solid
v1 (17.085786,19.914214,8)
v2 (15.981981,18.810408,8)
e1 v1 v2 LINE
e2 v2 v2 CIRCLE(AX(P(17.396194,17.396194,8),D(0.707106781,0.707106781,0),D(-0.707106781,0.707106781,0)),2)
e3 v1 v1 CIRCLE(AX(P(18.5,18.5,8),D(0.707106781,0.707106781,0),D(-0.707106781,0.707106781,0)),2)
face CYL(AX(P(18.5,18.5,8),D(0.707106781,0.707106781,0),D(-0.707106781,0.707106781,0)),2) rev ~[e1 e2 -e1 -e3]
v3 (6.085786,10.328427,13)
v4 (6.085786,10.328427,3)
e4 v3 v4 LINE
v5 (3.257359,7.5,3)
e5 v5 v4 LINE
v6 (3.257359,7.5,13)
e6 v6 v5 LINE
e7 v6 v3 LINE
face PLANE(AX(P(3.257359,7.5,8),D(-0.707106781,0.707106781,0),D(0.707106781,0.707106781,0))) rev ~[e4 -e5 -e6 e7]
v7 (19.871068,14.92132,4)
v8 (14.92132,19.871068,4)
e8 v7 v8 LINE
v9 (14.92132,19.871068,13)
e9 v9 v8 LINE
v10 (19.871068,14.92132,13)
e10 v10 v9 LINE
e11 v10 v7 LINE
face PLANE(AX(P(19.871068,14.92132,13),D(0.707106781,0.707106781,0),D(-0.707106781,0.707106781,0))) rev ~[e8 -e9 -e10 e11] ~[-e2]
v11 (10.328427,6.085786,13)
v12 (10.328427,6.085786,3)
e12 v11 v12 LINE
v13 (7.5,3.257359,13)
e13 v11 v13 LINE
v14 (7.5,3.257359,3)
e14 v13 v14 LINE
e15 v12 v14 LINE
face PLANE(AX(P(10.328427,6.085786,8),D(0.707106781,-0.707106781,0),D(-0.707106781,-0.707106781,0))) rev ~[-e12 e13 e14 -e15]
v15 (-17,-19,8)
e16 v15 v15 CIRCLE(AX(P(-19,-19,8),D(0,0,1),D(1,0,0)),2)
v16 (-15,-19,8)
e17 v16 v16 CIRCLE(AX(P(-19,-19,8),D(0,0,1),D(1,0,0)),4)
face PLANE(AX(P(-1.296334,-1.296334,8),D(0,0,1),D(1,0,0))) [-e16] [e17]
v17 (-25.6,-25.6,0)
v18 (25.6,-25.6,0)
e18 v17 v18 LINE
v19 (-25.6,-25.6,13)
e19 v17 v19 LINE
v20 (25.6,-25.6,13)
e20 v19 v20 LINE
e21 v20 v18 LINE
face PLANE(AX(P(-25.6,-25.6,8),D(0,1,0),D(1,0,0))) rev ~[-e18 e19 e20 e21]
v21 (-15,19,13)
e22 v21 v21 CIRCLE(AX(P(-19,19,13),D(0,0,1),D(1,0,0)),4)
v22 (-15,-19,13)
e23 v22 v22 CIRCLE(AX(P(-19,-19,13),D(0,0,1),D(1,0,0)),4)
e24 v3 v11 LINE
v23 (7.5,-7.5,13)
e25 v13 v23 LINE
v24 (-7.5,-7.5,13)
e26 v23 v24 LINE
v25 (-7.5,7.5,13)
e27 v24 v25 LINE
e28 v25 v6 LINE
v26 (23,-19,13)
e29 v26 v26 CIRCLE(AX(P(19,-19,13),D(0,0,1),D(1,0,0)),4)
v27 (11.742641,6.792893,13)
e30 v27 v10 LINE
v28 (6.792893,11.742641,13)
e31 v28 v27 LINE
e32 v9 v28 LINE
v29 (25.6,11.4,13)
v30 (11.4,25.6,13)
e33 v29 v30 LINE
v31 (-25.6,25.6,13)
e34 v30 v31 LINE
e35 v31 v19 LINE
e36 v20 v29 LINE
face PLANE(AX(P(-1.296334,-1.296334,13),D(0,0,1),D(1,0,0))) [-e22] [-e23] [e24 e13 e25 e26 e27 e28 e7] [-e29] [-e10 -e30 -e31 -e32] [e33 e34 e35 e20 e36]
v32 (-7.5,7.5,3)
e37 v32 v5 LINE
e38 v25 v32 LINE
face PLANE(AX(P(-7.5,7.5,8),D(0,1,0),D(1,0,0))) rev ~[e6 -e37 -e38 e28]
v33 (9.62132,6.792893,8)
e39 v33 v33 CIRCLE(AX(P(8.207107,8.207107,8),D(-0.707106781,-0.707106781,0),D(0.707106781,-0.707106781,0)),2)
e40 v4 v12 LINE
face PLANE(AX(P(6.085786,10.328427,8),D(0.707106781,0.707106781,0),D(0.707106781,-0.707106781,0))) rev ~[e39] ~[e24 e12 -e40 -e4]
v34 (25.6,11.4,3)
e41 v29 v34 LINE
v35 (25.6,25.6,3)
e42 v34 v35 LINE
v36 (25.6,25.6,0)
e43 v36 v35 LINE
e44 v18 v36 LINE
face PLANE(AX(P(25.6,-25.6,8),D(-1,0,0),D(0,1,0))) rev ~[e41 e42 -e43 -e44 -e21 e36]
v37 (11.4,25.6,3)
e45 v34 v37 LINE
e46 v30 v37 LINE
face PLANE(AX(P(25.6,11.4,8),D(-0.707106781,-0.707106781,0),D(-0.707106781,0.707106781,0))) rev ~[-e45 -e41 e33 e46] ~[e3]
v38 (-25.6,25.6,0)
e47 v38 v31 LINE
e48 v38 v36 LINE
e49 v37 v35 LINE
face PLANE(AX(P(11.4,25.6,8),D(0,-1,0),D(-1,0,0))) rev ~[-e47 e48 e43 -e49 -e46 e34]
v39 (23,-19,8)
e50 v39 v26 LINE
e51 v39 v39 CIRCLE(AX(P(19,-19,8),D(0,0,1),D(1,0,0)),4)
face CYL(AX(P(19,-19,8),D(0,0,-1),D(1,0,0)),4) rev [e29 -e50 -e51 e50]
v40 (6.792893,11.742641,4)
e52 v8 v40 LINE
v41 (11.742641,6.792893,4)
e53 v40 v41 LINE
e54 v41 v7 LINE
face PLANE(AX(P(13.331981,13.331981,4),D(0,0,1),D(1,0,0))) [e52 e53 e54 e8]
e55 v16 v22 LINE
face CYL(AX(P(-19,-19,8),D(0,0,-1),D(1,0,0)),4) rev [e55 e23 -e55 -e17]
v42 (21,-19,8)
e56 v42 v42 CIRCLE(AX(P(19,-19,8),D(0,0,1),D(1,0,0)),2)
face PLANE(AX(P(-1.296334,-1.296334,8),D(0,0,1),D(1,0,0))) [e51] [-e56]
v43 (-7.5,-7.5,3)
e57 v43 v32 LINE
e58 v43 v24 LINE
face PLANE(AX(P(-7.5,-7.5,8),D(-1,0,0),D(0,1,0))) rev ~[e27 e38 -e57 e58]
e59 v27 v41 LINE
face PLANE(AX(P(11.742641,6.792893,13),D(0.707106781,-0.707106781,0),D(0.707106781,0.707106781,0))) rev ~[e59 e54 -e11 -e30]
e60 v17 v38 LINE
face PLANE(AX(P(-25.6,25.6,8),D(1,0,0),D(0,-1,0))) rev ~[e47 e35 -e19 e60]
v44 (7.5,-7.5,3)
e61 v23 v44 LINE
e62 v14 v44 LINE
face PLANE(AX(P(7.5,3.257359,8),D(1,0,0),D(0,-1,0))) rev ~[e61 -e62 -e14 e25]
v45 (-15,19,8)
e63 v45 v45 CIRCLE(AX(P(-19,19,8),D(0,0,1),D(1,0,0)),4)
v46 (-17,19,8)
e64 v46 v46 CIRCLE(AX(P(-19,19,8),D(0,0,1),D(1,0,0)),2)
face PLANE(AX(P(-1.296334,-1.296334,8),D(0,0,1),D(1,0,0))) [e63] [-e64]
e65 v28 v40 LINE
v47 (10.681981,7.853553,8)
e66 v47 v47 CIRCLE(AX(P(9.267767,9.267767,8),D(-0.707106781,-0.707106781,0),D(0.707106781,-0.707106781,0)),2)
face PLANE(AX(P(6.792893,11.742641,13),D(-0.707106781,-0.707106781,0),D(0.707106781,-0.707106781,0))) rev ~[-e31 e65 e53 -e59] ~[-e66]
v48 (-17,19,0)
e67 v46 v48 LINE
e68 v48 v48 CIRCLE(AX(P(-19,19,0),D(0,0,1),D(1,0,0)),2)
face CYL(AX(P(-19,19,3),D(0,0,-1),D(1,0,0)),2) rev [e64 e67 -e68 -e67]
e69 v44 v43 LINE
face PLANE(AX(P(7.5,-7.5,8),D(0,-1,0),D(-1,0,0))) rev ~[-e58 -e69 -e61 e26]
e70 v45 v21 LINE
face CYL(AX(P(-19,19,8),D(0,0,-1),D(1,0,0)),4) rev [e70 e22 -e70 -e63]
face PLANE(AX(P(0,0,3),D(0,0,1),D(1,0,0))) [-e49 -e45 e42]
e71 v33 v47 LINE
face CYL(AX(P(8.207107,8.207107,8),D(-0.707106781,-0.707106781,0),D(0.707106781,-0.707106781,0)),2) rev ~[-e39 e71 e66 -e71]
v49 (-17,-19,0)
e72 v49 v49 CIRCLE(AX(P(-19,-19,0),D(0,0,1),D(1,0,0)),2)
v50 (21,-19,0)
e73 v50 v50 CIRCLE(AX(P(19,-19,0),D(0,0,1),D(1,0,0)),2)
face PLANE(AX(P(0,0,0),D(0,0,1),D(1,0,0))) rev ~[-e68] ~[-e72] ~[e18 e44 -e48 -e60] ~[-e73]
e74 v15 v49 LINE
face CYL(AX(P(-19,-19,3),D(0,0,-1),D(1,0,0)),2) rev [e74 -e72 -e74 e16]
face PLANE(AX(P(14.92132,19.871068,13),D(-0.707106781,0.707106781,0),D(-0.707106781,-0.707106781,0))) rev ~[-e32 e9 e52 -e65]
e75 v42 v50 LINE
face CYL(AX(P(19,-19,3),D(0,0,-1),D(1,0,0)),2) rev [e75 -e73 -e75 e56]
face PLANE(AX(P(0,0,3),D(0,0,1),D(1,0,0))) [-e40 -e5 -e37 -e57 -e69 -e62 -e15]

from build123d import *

# Parameters (mm, degrees)
F0_W      = 51.2
F0_H      = 51.2
F0_R      = 2
F1_DEPTH  = 3
F2_R      = 2
F3_DEPTH  = 5
F4_R      = 4
F5_DEPTH  = 5
F6_R      = 2
F7_DEPTH  = 2
F8_R      = 3.5
F9_DEPTH  = 11
F10_R     = 2
F11_DEPTH = 4
F13_DEPTH = 9


with BuildPart() as f1:
    # F0 (on Top) → F1 (new body)
    with BuildSketch(Plane.XY):
        Rectangle(F0_W, F0_H)
        with Locations((-19, -19)):
            Circle(F0_R, mode=Mode.SUBTRACT)
        with Locations((19, -19)):
            Circle(F0_R, mode=Mode.SUBTRACT)
        with Locations((-19, 19)):
            Circle(F0_R, mode=Mode.SUBTRACT)
    extrude(amount=F1_DEPTH)

    # F2 (on face) → F3 (join)
    with BuildSketch(Plane.XY.offset(3)):
        Polygon((11.4, 25.6), (-25.6, 25.6), (-25.6, -25.6), (25.6, -25.6), (25.6, 11.4), align=None)
        with Locations((-19, -19)):
            Circle(F2_R, mode=Mode.SUBTRACT)
        with Locations((19, -19)):
            Circle(F2_R, mode=Mode.SUBTRACT)
        with Locations((-19, 19)):
            Circle(F2_R, mode=Mode.SUBTRACT)
        Polygon((-7.5, -7.5), (-7.5, 7.5), (3.2573593129, 7.5), (6.0857864376, 10.3284271247), (10.3284271247, 6.0857864376), (7.5, 3.2573593129), (7.5, -7.5), align=None, mode=Mode.SUBTRACT)
    extrude(amount=F3_DEPTH)

    # F4 (on face) → F5 (join)
    with BuildSketch(Plane.XY.offset(8)):
        Polygon((11.4, 25.6), (-25.6, 25.6), (-25.6, -25.6), (25.6, -25.6), (25.6, 11.4), align=None)
        with Locations((-19, -19)):
            Circle(F4_R, mode=Mode.SUBTRACT)
        with Locations((19, -19)):
            Circle(F4_R, mode=Mode.SUBTRACT)
        with Locations((-19, 19)):
            Circle(F4_R, mode=Mode.SUBTRACT)
        Polygon((-7.5, -7.5), (-7.5, 7.5), (3.2573593129, 7.5), (6.0857864376, 10.3284271247), (10.3284271247, 6.0857864376), (7.5, 3.2573593129), (7.5, -7.5), align=None, mode=Mode.SUBTRACT)
    extrude(amount=F5_DEPTH)

    # F6 (on face) → F7 (cut)
    with BuildSketch(Plane(origin=(18.5, 18.5, 0), x_dir=(-0.7071067812, 0.7071067812, 0), z_dir=(0.7071067812, 0.7071067812, 0))):
        with Locations((0, 8)):
            Circle(F6_R)
    extrude(amount=-F7_DEPTH, mode=Mode.SUBTRACT)

    # F8 (on face) → F9 (cut)
    with BuildSketch(Plane(origin=(17.0857864376, 17.0857864376, 0), x_dir=(-0.7071067812, 0.7071067812, 0), z_dir=(0.7071067812, 0.7071067812, 0))):
        with Locations((0, 8)):
            Circle(F8_R)
    extrude(amount=-F9_DEPTH, mode=Mode.SUBTRACT)

    # F10 (on face) → F11 (cut)
    with BuildSketch(Plane(origin=(8.2071067812, 8.2071067812, 0), x_dir=(0.7071067812, -0.7071067812, 0), z_dir=(-0.7071067812, -0.7071067812, 0))):
        with Locations((0, 8)):
            Circle(F10_R)
    extrude(amount=-F11_DEPTH, mode=Mode.SUBTRACT)

    # F12 (on face) → F13 (cut)
    with BuildSketch(Plane.XY.offset(13)):
        Polygon((14.9213203436, 19.8710678119), (6.7928932188, 11.7426406871), (11.7426406871, 6.7928932188), (19.8710678119, 14.9213203436), align=None)
    extrude(amount=-F13_DEPTH, mode=Mode.SUBTRACT)


solid = f1.part
